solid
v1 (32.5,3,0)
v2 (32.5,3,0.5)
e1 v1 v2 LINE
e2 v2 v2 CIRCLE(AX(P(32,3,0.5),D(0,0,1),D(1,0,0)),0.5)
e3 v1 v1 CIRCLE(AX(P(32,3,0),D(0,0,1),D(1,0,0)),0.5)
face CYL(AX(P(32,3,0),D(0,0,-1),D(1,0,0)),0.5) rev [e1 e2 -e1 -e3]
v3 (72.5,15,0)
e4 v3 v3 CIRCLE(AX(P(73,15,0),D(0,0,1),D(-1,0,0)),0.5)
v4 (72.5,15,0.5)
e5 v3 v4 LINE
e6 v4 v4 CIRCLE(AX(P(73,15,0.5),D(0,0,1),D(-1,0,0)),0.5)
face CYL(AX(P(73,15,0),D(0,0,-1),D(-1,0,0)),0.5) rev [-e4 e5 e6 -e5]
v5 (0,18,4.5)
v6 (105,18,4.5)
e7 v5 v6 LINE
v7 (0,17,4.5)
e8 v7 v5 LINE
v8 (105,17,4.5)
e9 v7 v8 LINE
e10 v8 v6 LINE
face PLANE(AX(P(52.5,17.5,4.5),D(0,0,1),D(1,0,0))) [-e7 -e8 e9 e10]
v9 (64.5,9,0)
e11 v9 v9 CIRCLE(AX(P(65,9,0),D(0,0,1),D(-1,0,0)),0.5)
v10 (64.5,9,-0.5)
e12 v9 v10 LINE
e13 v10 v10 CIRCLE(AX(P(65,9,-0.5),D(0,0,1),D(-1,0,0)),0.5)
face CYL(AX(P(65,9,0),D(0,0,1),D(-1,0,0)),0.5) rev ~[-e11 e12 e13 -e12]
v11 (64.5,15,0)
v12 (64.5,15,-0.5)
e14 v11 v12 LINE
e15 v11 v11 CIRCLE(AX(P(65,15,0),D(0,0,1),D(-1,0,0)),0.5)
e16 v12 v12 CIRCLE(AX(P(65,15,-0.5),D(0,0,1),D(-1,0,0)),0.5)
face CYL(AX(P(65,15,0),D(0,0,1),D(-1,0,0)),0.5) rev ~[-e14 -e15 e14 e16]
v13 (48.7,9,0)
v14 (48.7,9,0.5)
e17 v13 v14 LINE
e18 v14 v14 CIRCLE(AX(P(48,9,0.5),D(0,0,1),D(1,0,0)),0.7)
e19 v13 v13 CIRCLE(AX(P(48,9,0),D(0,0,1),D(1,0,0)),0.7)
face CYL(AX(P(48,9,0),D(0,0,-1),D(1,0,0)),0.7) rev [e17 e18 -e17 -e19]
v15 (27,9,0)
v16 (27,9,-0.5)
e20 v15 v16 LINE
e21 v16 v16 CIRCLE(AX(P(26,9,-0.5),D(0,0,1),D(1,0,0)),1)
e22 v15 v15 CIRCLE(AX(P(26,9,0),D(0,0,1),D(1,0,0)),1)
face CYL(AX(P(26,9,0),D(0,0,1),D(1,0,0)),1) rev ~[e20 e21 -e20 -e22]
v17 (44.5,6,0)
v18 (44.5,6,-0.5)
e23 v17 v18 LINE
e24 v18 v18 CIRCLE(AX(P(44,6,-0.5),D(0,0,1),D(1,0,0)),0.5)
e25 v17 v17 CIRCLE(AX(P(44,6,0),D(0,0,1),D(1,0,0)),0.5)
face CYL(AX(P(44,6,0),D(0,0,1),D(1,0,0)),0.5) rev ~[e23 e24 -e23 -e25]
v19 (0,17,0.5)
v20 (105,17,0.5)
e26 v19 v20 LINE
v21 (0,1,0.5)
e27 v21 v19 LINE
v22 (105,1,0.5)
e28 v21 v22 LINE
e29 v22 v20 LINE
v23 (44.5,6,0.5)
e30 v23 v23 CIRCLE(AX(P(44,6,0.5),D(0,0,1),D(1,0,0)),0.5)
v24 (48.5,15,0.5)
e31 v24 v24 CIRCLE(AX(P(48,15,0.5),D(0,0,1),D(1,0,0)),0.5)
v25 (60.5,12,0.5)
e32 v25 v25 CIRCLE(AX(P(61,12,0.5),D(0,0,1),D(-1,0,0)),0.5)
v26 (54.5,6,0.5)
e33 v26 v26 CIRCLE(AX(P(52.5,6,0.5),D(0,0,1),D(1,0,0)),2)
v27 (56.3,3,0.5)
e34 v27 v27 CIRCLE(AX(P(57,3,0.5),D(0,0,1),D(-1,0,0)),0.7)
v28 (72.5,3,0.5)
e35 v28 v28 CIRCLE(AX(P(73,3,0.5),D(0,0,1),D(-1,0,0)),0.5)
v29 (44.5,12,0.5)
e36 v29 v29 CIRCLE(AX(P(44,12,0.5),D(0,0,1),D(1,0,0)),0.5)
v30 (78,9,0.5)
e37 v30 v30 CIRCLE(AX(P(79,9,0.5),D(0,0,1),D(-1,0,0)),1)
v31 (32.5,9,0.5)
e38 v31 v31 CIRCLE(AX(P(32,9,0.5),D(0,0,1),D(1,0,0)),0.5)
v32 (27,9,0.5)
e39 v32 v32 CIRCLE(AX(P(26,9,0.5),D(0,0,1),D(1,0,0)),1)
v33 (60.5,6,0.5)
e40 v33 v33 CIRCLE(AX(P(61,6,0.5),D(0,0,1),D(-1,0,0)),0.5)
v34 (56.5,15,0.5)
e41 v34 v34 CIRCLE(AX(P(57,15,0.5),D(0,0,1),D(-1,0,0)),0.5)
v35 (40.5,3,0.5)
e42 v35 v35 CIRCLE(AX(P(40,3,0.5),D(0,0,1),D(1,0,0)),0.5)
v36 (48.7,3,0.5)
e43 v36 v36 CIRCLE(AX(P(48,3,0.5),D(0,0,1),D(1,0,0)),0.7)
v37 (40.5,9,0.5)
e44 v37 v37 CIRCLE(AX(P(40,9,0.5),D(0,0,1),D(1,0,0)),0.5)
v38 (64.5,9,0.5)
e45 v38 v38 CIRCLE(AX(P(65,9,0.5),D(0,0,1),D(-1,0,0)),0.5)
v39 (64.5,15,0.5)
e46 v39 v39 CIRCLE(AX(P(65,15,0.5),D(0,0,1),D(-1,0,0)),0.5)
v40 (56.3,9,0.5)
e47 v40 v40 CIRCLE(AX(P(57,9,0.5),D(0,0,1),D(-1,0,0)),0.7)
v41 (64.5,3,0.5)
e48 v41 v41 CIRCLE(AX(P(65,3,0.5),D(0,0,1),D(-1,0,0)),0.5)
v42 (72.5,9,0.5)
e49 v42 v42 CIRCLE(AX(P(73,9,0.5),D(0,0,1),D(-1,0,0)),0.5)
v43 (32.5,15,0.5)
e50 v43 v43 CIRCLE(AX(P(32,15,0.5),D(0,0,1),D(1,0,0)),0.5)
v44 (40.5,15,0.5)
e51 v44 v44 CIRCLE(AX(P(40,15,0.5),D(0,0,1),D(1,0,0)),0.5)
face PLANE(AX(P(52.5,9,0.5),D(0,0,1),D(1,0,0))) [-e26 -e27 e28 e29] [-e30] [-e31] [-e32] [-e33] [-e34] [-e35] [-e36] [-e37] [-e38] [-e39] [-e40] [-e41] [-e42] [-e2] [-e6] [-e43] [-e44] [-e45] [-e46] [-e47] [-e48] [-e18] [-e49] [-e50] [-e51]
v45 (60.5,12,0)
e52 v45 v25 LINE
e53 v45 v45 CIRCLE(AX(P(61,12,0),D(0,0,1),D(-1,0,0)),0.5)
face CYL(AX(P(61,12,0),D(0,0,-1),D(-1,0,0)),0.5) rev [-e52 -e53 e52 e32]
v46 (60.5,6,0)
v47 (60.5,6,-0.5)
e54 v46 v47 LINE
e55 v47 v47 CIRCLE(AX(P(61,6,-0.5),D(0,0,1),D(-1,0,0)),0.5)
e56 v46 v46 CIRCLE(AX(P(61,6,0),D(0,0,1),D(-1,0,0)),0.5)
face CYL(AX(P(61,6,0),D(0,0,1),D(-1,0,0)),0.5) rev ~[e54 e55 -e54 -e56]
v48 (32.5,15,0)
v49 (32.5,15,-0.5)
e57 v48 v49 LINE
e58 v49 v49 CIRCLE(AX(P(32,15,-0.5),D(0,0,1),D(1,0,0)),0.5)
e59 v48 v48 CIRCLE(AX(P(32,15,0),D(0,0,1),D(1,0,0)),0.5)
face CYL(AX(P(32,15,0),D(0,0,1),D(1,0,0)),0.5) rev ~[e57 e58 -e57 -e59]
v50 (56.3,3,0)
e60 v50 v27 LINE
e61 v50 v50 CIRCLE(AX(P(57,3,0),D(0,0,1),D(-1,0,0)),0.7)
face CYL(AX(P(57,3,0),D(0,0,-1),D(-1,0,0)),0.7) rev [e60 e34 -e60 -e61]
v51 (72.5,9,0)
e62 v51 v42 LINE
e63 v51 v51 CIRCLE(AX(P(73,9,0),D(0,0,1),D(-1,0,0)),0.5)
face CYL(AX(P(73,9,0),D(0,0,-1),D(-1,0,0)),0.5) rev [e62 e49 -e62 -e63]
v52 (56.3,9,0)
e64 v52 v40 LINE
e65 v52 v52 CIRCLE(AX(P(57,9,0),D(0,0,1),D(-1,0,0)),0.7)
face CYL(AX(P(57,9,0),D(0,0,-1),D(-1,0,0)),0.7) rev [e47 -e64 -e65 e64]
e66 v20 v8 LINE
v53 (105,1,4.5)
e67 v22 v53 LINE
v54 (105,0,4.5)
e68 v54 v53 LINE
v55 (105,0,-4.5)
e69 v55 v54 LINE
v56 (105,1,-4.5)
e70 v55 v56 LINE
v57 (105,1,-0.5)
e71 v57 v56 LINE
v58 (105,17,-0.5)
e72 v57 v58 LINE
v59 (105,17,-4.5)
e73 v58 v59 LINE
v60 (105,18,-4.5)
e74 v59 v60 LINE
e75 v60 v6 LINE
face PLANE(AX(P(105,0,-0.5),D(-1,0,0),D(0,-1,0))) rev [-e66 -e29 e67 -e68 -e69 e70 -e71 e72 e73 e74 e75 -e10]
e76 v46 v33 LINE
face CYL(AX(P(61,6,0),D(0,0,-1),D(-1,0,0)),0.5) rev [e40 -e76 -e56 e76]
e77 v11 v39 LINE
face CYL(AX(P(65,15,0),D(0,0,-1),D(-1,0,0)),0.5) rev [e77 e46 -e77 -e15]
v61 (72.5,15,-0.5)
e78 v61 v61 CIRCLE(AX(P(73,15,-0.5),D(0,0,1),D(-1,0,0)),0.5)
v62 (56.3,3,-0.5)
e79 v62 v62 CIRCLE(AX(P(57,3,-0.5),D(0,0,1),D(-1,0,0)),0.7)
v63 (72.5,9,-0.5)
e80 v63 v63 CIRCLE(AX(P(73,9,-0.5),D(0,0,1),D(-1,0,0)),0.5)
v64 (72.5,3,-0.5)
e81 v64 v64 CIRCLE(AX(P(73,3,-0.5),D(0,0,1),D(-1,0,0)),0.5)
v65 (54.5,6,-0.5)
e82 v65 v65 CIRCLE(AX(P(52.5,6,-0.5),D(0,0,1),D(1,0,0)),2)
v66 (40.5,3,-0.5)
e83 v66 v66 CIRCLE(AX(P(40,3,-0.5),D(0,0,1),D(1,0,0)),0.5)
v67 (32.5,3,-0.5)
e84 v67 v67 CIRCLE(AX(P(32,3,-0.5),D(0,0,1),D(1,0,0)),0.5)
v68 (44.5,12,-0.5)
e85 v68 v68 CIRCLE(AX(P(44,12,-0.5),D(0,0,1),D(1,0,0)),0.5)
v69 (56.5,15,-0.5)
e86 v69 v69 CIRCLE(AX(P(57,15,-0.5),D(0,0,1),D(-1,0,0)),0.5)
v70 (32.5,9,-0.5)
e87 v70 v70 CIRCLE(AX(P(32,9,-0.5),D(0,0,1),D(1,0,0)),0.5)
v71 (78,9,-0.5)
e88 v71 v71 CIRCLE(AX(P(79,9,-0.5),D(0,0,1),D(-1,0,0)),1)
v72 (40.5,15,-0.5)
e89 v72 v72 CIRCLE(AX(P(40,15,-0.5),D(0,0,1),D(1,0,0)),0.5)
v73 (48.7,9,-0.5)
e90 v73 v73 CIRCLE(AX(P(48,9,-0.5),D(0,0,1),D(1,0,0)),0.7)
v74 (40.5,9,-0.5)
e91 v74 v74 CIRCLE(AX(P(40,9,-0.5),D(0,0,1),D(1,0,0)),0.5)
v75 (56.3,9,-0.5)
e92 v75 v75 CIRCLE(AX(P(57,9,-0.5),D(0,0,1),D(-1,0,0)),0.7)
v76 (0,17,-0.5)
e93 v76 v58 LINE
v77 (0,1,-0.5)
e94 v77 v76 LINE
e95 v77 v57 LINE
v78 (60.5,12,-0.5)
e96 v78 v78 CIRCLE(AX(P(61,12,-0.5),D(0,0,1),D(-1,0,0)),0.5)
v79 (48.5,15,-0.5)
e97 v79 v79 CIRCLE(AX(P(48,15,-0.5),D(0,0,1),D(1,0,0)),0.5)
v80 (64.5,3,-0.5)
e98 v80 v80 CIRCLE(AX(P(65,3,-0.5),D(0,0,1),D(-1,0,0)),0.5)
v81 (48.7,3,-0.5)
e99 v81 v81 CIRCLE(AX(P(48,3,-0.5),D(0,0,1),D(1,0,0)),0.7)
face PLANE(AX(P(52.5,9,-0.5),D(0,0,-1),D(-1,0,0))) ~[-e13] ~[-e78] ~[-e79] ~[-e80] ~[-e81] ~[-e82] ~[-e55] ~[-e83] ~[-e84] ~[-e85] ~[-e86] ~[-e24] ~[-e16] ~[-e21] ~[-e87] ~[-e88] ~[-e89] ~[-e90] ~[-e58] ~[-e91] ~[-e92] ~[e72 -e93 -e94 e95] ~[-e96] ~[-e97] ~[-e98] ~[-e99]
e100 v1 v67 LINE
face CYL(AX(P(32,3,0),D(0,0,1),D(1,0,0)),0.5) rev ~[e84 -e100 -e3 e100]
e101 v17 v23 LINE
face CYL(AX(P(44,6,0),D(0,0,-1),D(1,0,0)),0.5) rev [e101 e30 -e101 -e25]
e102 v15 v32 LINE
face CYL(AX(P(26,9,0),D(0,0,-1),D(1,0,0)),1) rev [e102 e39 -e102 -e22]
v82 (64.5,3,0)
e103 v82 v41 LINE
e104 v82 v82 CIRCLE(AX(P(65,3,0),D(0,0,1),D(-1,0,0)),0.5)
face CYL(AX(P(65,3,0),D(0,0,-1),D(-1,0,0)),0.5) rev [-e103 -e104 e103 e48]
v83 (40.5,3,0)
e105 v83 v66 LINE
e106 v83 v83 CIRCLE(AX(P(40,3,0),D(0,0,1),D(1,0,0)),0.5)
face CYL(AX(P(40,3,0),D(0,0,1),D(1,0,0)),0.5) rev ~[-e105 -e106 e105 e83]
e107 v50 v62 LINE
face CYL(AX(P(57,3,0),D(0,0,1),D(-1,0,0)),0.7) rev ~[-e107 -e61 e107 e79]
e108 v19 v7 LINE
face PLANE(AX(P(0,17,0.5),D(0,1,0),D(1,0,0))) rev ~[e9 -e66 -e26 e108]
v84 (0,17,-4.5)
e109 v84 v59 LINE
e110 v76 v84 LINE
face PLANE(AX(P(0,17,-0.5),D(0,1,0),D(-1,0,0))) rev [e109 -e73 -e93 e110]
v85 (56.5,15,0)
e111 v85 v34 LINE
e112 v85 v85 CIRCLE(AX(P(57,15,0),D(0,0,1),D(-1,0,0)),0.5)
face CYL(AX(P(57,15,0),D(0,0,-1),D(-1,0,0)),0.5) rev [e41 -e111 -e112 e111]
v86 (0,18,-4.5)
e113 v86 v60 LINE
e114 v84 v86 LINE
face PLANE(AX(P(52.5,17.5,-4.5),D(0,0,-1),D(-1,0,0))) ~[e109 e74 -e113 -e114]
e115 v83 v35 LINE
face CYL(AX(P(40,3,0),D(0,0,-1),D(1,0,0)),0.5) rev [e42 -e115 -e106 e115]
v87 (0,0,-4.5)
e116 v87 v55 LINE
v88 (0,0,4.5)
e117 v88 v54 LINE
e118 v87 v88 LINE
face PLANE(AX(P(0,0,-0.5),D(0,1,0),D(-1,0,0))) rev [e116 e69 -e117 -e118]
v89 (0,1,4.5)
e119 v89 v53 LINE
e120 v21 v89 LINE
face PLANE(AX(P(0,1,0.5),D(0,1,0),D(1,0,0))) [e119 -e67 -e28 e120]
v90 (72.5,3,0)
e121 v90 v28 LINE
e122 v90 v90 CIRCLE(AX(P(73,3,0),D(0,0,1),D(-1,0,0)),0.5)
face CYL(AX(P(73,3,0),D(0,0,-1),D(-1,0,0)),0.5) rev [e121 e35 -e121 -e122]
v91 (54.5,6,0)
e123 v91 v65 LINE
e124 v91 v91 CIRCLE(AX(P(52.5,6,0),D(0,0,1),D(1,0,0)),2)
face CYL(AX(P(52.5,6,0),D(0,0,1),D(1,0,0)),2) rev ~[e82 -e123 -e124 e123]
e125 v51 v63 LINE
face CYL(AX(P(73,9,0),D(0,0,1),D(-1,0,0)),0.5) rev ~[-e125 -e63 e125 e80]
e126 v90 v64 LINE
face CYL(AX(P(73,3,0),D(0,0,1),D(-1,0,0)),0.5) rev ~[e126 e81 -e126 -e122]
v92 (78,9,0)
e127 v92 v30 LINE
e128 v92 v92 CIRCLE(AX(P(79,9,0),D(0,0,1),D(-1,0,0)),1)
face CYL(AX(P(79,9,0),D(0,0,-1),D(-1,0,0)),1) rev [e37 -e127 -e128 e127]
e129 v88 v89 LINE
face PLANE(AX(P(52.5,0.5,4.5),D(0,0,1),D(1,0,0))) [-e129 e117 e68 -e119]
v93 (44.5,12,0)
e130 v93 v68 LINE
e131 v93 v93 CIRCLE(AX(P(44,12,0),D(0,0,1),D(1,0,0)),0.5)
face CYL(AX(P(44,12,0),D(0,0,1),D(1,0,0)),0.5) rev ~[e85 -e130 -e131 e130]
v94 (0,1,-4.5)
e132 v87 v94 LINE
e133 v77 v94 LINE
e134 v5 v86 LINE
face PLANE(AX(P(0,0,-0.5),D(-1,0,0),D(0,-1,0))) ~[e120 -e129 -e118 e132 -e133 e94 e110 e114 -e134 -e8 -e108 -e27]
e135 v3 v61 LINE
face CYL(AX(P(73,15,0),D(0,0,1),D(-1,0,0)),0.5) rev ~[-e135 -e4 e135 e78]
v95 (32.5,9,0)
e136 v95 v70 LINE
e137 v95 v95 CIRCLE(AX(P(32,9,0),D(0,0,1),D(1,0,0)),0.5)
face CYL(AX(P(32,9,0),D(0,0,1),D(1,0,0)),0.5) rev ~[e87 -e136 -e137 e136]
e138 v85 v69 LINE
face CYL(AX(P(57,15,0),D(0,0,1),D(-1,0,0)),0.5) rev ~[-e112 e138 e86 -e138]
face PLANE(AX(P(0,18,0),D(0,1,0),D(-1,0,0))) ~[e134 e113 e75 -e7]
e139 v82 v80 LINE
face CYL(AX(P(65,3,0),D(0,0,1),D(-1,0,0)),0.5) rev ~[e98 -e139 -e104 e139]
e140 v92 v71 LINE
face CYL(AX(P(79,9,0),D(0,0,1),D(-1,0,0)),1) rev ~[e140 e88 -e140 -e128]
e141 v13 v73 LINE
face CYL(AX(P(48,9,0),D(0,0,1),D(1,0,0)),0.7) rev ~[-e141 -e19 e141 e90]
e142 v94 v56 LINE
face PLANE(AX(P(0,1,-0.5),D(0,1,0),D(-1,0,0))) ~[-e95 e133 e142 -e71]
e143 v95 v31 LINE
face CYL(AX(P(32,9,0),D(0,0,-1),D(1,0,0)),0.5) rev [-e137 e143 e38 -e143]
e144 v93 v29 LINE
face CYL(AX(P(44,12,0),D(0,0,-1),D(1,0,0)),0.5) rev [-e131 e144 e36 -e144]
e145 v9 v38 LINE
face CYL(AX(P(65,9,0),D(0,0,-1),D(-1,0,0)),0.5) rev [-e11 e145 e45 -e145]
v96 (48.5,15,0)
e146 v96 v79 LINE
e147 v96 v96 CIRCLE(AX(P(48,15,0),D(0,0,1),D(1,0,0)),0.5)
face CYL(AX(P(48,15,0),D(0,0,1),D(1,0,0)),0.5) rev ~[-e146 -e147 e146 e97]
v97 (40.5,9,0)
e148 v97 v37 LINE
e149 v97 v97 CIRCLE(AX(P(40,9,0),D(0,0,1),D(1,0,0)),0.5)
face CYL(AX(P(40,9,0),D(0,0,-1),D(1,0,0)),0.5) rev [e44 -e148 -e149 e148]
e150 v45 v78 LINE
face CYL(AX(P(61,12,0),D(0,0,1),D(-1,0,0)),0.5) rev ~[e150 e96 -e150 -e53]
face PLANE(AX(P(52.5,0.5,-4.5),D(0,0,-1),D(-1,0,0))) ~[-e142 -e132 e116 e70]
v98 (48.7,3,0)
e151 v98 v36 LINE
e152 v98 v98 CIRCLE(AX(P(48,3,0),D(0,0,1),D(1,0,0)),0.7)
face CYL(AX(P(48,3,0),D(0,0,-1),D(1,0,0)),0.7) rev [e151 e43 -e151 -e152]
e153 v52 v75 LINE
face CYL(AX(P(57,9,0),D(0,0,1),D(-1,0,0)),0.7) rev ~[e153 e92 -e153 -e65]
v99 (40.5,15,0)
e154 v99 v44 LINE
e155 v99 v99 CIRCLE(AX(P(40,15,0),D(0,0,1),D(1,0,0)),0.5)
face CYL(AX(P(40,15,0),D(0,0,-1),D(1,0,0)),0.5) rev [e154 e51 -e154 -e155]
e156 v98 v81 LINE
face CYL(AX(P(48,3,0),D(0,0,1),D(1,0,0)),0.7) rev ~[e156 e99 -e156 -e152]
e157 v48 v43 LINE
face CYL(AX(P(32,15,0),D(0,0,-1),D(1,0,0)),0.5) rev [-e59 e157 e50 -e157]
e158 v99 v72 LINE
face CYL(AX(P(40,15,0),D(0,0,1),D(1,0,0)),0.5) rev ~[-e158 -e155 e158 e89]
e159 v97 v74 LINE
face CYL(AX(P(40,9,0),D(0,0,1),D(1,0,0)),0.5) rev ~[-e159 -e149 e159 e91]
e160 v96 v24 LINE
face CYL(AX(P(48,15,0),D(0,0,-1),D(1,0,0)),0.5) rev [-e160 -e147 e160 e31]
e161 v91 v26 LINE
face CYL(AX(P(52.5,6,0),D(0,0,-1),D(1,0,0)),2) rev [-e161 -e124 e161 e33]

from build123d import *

# Parameters (mm, degrees)
ESQUISSE1_W        = 105
ESQUISSE1_H        = 18
ESQUISSE1_R        = 1
ESQUISSE1_R_2      = 0.5
ESQUISSE1_R_3      = 0.7
ESQUISSE1_R_4      = 2
BOSS_EXTRU_5_DEPTH = 0.5
ESQUISSE11_W       = 105
ESQUISSE11_H       = 1
BOSS_EXTRU_7_DEPTH = 4


with BuildPart() as part:
    # Esquisse1 → Boss.-Extru.5 (new body)
    with BuildSketch(Plane.XY):
        with Locations((52.5, 9)):
            Rectangle(ESQUISSE1_W, ESQUISSE1_H)
        with Locations((26, 9)):
            Circle(ESQUISSE1_R, mode=Mode.SUBTRACT)
        with Locations((32, 15)):
            Circle(ESQUISSE1_R_2, mode=Mode.SUBTRACT)
        with Locations((32, 9)):
            Circle(ESQUISSE1_R_2, mode=Mode.SUBTRACT)
        with Locations((32, 3)):
            Circle(ESQUISSE1_R_2, mode=Mode.SUBTRACT)
        with Locations((40, 15)):
            Circle(ESQUISSE1_R_2, mode=Mode.SUBTRACT)
        with Locations((40, 9)):
            Circle(ESQUISSE1_R_2, mode=Mode.SUBTRACT)
        with Locations((40, 3)):
            Circle(ESQUISSE1_R_2, mode=Mode.SUBTRACT)
        with Locations((44, 6)):
            Circle(ESQUISSE1_R_2, mode=Mode.SUBTRACT)
        with Locations((44, 12)):
            Circle(ESQUISSE1_R_2, mode=Mode.SUBTRACT)
        with Locations((48, 3)):
            Circle(ESQUISSE1_R_3, mode=Mode.SUBTRACT)
        with Locations((48, 9)):
            Circle(ESQUISSE1_R_3, mode=Mode.SUBTRACT)
        with Locations((48, 15)):
            Circle(ESQUISSE1_R_2, mode=Mode.SUBTRACT)
        with Locations((52.5, 6)):
            Circle(ESQUISSE1_R_4, mode=Mode.SUBTRACT)
        with Locations(Location((57, 15, 0), (0, 0, 180))):
            Circle(ESQUISSE1_R_2, mode=Mode.SUBTRACT)
        with Locations(Location((57, 9, 0), (0, 0, 180))):
            Circle(ESQUISSE1_R_3, mode=Mode.SUBTRACT)
        with Locations(Location((57, 3, 0), (0, 0, 180))):
            Circle(ESQUISSE1_R_3, mode=Mode.SUBTRACT)
        with Locations(Location((61, 12, 0), (0, 0, 180))):
            Circle(ESQUISSE1_R_2, mode=Mode.SUBTRACT)
        with Locations(Location((61, 6, 0), (0, 0, 180))):
            Circle(ESQUISSE1_R_2, mode=Mode.SUBTRACT)
        with Locations(Location((65, 3, 0), (0, 0, 180))):
            Circle(ESQUISSE1_R_2, mode=Mode.SUBTRACT)
        with Locations(Location((65, 9, 0), (0, 0, 180))):
            Circle(ESQUISSE1_R_2, mode=Mode.SUBTRACT)
        with Locations(Location((65, 15, 0), (0, 0, 180))):
            Circle(ESQUISSE1_R_2, mode=Mode.SUBTRACT)
        with Locations(Location((73, 3, 0), (0, 0, 180))):
            Circle(ESQUISSE1_R_2, mode=Mode.SUBTRACT)
        with Locations(Location((73, 9, 0), (0, 0, 180))):
            Circle(ESQUISSE1_R_2, mode=Mode.SUBTRACT)
        with Locations(Location((73, 15, 0), (0, 0, 180))):
            Circle(ESQUISSE1_R_2, mode=Mode.SUBTRACT)
        with Locations(Location((79, 9, 0), (0, 0, 180))):
            Circle(ESQUISSE1_R, mode=Mode.SUBTRACT)
    boss_extru_5 = extrude(amount=BOSS_EXTRU_5_DEPTH)

    # Esquisse11 → Boss.-Extru.7 (add)
    with BuildSketch(Plane.XY.offset(0.5)):
        with Locations((52.5, 0.5)):
            Rectangle(ESQUISSE11_W, ESQUISSE11_H)
        with Locations((52.5, 17.5)):
            Rectangle(ESQUISSE11_W, ESQUISSE11_H)
    boss_extru_7 = extrude(amount=BOSS_EXTRU_7_DEPTH)

    # Symétrie1: Boss.-Extru.5, Boss.-Extru.7 across plane
    add(boss_extru_5.mirror(Plane(origin=(0, 0, 0), x_dir=(1, 0, 0), z_dir=(0, 0, -1))))
    add(boss_extru_7.mirror(Plane(origin=(0, 0, 0), x_dir=(1, 0, 0), z_dir=(0, 0, -1))))


solid = part.part
